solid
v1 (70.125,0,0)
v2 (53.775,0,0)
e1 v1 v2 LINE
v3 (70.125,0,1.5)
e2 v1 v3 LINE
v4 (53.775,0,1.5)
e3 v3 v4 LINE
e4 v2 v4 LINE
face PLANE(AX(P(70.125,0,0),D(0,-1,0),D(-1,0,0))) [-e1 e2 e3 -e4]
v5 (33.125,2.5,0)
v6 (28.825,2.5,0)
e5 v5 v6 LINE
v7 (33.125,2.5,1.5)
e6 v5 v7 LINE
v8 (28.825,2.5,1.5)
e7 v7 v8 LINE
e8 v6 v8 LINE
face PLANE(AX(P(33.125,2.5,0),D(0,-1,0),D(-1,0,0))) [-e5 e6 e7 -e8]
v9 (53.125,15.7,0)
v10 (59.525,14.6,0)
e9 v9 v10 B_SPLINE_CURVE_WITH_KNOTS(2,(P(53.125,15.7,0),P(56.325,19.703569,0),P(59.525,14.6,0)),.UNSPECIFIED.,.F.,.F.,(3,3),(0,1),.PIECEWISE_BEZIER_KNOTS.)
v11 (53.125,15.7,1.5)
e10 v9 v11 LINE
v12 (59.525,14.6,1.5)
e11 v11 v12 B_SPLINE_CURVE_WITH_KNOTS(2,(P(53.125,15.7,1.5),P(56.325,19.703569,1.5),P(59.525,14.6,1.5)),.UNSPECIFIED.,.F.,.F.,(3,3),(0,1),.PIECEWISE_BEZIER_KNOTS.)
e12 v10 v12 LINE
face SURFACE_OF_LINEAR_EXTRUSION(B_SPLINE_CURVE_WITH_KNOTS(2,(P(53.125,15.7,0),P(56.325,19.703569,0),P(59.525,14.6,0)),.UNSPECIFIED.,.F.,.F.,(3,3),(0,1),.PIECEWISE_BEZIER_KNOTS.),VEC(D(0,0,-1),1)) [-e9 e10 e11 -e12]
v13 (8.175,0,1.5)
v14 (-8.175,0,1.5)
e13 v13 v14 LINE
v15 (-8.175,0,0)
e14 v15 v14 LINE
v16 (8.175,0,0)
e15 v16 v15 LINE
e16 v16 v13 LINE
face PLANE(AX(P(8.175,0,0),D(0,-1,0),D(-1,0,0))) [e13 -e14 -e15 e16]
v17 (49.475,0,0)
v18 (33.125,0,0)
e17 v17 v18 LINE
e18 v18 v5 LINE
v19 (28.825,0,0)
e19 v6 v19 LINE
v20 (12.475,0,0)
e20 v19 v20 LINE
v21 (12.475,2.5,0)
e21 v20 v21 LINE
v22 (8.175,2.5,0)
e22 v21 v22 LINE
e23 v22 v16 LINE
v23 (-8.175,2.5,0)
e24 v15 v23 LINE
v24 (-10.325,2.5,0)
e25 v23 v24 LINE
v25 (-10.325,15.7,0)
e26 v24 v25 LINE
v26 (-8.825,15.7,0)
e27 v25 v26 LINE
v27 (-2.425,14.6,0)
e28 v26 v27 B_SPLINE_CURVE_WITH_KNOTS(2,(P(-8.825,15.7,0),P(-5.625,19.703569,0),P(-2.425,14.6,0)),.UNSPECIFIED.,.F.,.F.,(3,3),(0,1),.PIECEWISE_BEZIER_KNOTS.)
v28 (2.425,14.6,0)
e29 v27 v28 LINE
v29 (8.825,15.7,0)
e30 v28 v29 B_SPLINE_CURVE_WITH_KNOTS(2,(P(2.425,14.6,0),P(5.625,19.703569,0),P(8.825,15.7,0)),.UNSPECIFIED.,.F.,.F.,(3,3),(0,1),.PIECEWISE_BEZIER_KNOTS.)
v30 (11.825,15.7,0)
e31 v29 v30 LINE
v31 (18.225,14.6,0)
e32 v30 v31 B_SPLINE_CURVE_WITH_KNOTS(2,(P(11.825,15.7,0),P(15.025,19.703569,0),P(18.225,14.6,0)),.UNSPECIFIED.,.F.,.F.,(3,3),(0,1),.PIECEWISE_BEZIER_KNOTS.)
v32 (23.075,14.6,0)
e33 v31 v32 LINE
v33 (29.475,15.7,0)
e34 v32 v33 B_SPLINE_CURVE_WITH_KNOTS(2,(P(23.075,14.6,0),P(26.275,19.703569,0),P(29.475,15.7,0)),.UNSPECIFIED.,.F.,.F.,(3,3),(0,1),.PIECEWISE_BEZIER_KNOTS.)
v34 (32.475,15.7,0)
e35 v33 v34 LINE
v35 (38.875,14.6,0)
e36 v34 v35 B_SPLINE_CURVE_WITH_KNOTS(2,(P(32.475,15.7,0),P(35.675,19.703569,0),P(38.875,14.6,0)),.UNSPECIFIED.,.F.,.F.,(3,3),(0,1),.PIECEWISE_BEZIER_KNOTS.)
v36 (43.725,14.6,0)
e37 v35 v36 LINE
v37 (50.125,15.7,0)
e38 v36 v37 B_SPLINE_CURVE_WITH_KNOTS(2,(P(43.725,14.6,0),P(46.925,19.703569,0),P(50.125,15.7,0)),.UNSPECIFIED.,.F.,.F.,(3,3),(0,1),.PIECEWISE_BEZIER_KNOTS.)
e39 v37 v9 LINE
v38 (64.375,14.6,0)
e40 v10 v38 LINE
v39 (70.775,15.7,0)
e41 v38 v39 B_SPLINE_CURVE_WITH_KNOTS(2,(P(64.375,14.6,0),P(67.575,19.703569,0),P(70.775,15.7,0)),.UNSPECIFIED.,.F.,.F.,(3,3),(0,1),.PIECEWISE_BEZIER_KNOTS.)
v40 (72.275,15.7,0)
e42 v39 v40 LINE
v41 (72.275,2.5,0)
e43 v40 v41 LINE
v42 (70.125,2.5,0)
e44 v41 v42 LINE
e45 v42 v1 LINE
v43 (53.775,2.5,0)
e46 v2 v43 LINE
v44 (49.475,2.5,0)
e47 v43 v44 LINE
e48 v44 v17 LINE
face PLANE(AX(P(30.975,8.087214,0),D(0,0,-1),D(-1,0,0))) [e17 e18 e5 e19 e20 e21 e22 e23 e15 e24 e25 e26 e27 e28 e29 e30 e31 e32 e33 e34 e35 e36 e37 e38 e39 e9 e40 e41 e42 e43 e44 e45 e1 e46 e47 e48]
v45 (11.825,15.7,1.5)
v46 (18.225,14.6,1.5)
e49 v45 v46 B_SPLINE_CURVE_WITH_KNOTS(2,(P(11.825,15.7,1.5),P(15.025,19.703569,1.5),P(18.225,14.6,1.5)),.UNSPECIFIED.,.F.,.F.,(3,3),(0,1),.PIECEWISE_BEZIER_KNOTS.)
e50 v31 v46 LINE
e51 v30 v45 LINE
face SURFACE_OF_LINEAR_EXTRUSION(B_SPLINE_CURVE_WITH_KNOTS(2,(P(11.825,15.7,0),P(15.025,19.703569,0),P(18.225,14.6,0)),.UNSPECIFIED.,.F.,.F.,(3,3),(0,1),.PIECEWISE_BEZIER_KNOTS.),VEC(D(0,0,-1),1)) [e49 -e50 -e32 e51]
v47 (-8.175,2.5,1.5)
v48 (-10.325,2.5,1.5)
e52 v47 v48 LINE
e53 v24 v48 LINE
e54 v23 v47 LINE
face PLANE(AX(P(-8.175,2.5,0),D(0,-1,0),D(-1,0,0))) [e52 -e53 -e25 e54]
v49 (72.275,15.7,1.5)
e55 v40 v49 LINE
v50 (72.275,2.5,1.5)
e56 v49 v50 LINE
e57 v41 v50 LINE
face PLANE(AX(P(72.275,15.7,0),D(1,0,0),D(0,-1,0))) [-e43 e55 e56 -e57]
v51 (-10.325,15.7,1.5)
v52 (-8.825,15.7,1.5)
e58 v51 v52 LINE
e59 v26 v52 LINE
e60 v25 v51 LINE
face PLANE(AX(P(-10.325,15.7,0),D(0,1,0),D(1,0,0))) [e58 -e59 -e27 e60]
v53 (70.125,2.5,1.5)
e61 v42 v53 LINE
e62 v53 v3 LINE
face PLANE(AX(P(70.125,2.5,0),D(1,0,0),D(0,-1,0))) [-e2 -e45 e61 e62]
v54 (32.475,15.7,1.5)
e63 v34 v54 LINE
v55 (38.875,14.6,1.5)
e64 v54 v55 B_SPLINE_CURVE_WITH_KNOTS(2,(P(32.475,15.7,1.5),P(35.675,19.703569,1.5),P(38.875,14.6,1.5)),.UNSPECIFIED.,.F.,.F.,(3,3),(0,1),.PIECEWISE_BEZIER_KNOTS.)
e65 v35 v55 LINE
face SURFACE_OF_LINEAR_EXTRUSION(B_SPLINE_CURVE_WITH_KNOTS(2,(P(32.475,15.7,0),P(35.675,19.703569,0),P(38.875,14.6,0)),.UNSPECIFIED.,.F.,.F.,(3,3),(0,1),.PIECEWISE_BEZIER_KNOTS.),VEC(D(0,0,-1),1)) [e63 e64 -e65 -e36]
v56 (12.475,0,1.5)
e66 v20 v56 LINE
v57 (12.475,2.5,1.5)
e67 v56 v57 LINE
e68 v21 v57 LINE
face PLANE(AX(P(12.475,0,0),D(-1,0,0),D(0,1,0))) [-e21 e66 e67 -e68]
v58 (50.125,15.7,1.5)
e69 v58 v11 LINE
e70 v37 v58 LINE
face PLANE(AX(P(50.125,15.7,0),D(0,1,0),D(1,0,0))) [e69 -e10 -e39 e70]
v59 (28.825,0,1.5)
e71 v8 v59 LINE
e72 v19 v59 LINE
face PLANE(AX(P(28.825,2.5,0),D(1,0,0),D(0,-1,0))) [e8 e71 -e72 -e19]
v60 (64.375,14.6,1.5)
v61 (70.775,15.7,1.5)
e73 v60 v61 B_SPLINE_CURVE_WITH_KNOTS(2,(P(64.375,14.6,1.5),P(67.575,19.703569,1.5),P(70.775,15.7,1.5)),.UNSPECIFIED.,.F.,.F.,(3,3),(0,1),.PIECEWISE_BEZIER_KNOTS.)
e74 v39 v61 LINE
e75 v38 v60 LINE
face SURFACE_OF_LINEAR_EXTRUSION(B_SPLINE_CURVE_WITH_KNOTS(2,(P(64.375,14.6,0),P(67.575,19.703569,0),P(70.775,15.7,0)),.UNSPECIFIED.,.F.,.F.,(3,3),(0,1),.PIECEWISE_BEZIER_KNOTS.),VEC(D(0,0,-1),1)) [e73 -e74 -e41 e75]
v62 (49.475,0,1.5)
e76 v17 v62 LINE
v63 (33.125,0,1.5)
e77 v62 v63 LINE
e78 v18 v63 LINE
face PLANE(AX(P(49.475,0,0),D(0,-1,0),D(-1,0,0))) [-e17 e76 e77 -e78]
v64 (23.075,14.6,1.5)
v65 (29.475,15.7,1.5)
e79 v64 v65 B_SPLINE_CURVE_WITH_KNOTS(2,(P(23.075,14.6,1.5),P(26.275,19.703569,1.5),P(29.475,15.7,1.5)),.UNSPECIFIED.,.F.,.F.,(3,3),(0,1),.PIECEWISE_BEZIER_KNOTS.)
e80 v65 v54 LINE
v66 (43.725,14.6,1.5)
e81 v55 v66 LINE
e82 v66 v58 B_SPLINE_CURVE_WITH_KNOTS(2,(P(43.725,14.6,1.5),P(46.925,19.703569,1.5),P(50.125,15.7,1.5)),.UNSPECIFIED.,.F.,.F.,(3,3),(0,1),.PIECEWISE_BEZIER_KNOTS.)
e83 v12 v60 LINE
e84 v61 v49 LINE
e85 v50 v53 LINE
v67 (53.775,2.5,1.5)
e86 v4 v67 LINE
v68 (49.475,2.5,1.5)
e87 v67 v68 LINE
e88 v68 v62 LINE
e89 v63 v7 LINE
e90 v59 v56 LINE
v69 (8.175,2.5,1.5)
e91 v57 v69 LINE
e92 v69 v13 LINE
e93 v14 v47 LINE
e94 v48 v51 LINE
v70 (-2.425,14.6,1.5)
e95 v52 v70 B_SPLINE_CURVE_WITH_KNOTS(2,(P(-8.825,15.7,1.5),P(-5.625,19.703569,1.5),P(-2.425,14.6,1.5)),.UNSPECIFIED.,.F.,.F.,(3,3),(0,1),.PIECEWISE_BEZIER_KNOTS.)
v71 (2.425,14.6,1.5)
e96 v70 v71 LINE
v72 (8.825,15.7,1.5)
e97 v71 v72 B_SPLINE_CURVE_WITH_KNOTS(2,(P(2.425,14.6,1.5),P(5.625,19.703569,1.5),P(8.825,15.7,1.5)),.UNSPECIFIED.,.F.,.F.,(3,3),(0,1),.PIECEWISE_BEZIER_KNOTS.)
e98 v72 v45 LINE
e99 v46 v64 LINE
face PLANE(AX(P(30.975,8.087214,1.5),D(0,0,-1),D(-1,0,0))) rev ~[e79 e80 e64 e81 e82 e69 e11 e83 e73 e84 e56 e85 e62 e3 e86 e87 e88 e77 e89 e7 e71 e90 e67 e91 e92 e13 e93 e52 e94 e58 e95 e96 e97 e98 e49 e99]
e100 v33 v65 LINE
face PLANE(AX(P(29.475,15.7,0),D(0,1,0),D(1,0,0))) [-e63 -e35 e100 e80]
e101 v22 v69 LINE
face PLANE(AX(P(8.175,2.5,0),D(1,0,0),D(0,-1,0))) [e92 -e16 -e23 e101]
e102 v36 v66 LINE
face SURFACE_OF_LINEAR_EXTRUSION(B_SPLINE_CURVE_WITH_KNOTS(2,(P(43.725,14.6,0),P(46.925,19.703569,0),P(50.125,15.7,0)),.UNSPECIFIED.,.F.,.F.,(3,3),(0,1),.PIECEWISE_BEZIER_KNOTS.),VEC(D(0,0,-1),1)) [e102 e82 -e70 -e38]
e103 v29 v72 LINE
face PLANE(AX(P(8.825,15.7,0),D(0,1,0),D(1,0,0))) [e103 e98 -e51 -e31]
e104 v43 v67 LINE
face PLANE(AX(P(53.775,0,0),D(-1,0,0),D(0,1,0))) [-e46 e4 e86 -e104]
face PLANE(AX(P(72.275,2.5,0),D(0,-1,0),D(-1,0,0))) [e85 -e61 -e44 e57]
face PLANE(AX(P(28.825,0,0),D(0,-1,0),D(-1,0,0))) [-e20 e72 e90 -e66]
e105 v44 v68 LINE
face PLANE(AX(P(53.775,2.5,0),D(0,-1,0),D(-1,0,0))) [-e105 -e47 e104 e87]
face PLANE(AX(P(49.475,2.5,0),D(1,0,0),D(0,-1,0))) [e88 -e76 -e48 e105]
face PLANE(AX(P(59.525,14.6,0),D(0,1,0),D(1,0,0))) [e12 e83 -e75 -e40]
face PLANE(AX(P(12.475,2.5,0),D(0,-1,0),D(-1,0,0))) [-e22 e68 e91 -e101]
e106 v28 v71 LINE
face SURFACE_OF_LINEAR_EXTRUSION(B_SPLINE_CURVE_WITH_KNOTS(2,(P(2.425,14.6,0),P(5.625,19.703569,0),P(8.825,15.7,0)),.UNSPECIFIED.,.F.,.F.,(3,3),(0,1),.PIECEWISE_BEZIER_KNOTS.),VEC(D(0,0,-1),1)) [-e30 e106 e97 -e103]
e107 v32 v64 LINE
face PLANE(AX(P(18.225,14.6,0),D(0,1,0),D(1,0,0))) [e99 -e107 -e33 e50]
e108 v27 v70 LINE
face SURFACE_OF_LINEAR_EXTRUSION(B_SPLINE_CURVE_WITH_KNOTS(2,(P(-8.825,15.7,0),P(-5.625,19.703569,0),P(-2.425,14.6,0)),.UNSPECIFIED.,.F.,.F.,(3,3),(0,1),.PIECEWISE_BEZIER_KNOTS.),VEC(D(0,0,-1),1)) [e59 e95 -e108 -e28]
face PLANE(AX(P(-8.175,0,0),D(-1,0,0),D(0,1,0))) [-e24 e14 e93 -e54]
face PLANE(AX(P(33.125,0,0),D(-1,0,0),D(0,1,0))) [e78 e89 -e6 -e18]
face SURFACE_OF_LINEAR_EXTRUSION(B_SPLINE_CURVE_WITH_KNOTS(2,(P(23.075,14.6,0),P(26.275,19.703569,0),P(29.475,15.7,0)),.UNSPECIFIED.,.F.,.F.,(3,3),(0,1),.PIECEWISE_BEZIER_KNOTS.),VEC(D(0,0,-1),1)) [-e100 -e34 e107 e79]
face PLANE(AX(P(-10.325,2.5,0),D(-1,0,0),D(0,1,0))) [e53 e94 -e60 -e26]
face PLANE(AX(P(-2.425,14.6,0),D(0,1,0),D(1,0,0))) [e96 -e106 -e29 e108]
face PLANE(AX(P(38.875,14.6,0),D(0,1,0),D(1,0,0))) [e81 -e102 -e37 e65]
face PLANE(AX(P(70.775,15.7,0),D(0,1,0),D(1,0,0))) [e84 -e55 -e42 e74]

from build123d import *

# Parameters (mm, degrees)
EXTRUDE1_DEPTH = 1.5


with BuildPart() as part:
    # Sketch1 → Extrude1 (new body)
    with BuildSketch(Plane.XY):
        with BuildLine():
            Line((70.775, 15.7), (72.275, 15.7))
            Line((72.275, 15.7), (72.275, 2.5))
            Line((72.275, 2.5), (70.125, 2.5))
            Line((70.125, 2.5), (70.125, 0))
            Line((70.125, 0), (53.775, 0))
            Line((53.775, 0), (53.775, 2.5))
            Line((53.775, 2.5), (51.625, 2.5))
            Line((51.625, 2.5), (49.475, 2.5))
            Line((49.475, 2.5), (49.475, 0))
            Line((49.475, 0), (33.125, 0))
            Line((33.125, 0), (33.125, 2.5))
            Line((33.125, 2.5), (30.975, 2.5))
            Line((30.975, 2.5), (28.825, 2.5))
            Line((28.825, 2.5), (28.825, 0))
            Line((28.825, 0), (12.475, 0))
            Line((12.475, 0), (12.475, 2.5))
            Line((12.475, 2.5), (10.325, 2.5))
            Line((10.325, 2.5), (8.175, 2.5))
            Line((8.175, 2.5), (8.175, 0))
            Line((8.175, 0), (-8.175, 0))
            Line((-8.175, 0), (-8.175, 2.5))
            Line((-8.175, 2.5), (-10.325, 2.5))
            Line((-10.325, 2.5), (-10.325, 15.7))
            Line((-10.325, 15.7), (-8.825000006, 15.7))
            add(Edge.make_bspline(
                [(-8.825000006, 15.7), (-5.625000003, 19.70356859), (-2.425, 14.6)],
                knots=[0, 0, 0, 1, 1, 1], degree=2))
            Line((-2.425, 14.6), (2.425000009, 14.6))
            add(Edge.make_bspline(
                [(2.425000009, 14.6), (5.625000004, 19.703568583), (8.825, 15.7)],
                knots=[0, 0, 0, 1, 1, 1], degree=2))
            Line((8.825, 15.7), (10.325, 15.7))
            Line((10.325, 15.7), (11.824999994, 15.7))
            add(Edge.make_bspline(
                [(11.824999994, 15.7), (15.024999997, 19.70356859), (18.225, 14.6)],
                knots=[0, 0, 0, 1, 1, 1], degree=2))
            Line((18.225, 14.6), (23.075000009, 14.6))
            add(Edge.make_bspline(
                [(23.075000009, 14.6), (26.275000004, 19.703568583), (29.475, 15.7)],
                knots=[0, 0, 0, 1, 1, 1], degree=2))
            Line((29.475, 15.7), (30.975, 15.7))
            Line((30.975, 15.7), (32.474999994, 15.7))
            add(Edge.make_bspline(
                [(32.474999994, 15.7), (35.674999997, 19.70356859), (38.875, 14.6)],
                knots=[0, 0, 0, 1, 1, 1], degree=2))
            Line((38.875, 14.6), (43.725000009, 14.6))
            add(Edge.make_bspline(
                [(43.725000009, 14.6), (46.925000004, 19.703568583), (50.125, 15.7)],
                knots=[0, 0, 0, 1, 1, 1], degree=2))
            Line((50.125, 15.7), (51.625, 15.7))
            Line((51.625, 15.7), (53.124999994, 15.7))
            add(Edge.make_bspline(
                [(53.124999994, 15.7), (56.324999997, 19.70356859), (59.525, 14.6)],
                knots=[0, 0, 0, 1, 1, 1], degree=2))
            Line((59.525, 14.6), (64.375000009, 14.6))
            add(Edge.make_bspline(
                [(64.375000009, 14.6), (67.575000004, 19.703568583), (70.775, 15.7)],
                knots=[0, 0, 0, 1, 1, 1], degree=2))
        make_face()
    extrude(amount=EXTRUDE1_DEPTH)


solid = part.part
